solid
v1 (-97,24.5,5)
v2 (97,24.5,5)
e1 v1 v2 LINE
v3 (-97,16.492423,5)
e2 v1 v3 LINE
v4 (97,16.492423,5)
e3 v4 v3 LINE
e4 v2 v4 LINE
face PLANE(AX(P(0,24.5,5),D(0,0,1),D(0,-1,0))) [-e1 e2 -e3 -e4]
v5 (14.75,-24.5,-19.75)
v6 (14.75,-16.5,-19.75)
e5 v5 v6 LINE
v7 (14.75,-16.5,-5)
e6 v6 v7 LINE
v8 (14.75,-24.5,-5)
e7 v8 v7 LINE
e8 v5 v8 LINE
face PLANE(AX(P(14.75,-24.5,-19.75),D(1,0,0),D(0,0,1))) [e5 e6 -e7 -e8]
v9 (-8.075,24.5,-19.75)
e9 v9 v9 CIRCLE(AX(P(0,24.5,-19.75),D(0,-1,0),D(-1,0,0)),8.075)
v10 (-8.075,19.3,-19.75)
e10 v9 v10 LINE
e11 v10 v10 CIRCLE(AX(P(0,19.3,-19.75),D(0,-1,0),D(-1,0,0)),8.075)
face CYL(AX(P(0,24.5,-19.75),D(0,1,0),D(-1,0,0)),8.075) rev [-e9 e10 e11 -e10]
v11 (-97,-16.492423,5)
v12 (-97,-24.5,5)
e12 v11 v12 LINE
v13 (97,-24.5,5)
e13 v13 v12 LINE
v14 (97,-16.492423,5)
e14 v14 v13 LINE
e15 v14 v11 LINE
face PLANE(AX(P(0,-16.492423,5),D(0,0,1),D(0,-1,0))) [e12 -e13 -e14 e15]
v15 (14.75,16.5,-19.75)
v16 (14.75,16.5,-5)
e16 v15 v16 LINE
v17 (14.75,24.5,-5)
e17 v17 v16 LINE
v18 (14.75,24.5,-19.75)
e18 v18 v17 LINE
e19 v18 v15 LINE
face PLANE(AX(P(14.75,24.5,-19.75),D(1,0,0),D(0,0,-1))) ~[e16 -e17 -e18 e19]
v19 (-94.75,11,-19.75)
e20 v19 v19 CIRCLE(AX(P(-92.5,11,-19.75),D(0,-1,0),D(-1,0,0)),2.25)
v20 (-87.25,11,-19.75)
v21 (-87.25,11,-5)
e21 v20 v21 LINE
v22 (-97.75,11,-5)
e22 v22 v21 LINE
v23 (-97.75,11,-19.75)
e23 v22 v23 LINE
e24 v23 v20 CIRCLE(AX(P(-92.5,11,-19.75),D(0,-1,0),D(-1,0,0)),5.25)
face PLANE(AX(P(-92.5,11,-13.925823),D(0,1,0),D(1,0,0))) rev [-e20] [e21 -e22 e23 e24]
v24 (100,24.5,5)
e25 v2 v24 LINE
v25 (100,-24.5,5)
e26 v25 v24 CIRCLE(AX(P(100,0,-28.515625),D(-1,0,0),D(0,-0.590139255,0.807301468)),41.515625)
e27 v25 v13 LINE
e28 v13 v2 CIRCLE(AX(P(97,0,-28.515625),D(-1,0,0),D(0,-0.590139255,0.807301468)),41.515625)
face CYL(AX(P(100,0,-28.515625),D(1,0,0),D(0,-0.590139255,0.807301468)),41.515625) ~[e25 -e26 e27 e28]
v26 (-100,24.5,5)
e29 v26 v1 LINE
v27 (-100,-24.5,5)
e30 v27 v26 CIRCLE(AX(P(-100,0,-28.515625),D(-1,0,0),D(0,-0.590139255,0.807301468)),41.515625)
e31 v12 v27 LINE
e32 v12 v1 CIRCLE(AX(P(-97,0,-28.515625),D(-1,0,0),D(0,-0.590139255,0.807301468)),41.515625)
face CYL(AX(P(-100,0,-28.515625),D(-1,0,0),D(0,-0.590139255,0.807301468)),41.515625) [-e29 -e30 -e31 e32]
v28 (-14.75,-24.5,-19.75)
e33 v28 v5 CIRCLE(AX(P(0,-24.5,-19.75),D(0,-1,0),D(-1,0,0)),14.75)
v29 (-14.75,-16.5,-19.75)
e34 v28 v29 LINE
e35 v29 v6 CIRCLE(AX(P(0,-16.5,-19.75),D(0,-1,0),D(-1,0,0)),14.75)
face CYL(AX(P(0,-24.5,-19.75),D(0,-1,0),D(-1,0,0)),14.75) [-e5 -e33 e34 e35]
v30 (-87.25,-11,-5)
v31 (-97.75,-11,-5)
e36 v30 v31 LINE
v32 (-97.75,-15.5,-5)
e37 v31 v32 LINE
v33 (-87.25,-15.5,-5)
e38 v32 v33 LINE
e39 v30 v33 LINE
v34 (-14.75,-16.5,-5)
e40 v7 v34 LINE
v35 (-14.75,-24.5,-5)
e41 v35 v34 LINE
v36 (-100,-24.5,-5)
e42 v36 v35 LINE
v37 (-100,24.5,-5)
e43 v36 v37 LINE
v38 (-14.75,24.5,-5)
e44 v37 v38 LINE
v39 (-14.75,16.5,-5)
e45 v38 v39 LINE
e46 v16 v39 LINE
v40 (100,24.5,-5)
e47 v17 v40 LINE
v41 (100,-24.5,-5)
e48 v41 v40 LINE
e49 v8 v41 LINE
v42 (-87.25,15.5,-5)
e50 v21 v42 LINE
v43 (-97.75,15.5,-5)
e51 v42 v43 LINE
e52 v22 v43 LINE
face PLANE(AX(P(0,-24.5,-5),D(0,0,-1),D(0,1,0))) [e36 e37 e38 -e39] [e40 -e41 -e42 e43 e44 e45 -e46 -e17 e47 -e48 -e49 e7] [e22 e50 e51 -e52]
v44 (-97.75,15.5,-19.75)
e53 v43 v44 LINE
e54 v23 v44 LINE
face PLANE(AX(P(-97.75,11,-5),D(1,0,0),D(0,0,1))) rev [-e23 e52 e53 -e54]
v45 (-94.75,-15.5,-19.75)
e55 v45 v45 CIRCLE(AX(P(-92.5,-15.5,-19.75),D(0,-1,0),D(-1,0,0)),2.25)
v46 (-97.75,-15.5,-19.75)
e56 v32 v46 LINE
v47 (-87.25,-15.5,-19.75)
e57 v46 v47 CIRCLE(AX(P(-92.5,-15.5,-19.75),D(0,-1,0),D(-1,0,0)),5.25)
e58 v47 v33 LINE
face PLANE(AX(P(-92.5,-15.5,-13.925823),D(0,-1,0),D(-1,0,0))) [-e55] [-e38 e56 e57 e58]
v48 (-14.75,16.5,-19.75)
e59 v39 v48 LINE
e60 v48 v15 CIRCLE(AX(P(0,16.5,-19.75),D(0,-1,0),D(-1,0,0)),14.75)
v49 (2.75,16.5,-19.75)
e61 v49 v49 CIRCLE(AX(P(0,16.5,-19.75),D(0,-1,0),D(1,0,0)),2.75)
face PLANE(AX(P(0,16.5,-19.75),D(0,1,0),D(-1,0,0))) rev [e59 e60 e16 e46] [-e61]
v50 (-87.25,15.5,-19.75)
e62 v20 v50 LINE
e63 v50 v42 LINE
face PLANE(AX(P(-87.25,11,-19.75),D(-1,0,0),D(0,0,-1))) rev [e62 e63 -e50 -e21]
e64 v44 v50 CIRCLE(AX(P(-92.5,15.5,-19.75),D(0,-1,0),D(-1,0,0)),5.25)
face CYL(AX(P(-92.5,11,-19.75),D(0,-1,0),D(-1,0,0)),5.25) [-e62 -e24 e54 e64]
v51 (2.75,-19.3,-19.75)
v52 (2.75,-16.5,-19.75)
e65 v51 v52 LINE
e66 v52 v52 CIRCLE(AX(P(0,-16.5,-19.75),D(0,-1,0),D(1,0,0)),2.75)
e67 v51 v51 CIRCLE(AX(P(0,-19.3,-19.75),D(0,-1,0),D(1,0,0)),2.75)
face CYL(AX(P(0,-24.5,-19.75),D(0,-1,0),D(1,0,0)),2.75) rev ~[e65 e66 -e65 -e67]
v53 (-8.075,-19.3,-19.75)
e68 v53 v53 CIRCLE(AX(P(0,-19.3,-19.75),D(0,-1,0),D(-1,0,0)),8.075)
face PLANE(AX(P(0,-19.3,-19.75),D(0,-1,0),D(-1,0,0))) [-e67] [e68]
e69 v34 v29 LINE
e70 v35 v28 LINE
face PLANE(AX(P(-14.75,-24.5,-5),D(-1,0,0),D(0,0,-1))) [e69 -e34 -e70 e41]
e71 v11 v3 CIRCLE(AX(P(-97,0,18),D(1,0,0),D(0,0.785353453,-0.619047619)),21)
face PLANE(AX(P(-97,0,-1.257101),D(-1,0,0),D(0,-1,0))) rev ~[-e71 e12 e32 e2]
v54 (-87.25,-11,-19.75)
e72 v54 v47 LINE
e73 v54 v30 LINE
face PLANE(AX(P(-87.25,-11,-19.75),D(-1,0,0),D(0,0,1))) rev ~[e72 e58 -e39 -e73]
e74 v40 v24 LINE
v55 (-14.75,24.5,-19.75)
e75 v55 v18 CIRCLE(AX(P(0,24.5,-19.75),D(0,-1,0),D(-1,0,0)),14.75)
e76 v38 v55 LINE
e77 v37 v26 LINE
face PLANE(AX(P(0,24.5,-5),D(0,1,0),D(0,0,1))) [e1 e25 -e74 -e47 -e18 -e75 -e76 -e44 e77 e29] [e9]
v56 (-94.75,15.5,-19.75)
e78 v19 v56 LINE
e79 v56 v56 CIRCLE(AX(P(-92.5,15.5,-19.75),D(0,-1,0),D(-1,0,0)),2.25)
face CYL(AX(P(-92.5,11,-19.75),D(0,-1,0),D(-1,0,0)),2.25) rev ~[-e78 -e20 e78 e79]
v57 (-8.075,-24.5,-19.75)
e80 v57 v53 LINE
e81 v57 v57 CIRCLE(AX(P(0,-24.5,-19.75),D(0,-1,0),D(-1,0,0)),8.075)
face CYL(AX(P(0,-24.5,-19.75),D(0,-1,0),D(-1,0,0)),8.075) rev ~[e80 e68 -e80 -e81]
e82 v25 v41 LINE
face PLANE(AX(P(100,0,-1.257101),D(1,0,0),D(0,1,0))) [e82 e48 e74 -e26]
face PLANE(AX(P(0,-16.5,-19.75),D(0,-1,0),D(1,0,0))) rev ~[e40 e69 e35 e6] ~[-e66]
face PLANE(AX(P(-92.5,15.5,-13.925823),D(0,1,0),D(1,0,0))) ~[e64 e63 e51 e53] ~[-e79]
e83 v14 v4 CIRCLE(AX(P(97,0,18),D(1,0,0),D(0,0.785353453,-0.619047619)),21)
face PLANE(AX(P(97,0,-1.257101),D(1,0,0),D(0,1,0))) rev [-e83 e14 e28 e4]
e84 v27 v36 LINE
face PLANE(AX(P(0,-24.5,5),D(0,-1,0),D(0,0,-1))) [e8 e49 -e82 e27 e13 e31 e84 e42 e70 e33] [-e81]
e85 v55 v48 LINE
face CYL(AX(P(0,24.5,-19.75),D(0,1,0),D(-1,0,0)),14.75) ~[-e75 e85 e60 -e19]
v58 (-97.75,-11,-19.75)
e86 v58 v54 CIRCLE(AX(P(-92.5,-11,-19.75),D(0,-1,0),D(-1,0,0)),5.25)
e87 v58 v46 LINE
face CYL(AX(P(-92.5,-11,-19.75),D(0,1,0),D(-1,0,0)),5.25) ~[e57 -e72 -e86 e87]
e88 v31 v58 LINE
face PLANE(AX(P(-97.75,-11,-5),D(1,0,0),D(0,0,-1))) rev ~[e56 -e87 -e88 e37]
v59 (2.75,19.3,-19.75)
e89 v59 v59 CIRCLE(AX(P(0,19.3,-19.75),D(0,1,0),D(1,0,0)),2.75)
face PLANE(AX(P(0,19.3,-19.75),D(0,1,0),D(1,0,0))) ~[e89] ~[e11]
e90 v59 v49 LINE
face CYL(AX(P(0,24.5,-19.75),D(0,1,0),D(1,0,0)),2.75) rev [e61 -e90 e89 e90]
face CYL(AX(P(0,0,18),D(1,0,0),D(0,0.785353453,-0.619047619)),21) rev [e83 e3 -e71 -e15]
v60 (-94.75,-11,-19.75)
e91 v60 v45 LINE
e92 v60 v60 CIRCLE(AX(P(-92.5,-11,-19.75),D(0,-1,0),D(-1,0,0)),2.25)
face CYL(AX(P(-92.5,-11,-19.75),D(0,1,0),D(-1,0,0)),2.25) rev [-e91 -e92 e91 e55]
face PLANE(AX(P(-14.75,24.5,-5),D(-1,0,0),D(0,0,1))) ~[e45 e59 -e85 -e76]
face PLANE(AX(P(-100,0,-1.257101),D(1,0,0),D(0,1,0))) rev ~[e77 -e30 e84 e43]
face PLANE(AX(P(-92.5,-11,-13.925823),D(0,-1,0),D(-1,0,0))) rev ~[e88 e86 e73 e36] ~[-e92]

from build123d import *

# Parameters (mm, degrees)
BOSS_EXTRUDE1_DEPTH = 100
SKETCH3_R           = 14.75
SKETCH3_R_2         = 2.75
BOSS_EXTRUDE2_DEPTH = 8
SKETCH4_R           = 8.075
CUT_EXTRUDE1_DEPTH  = 5.2
BOSS_EXTRUDE5_START = 11
SKETCH6_R           = 2.25
BOSS_EXTRUDE5_DEPTH = 4.5
BOSS_EXTRUDE6_DEPTH = 3


with BuildPart() as part:
    # Sketch1 → Boss-Extrude1 (new body, symmetric)
    with BuildSketch(Plane.YZ):
        with BuildLine():
            Line((-24.5, 5), (-24.5, -5))
            Line((-24.5, -5), (24.5, -5))
            Line((24.5, -5), (24.5, 5))
            Line((24.5, 5), (16.492422502, 5))
            ThreePointArc((16.492422502, 5), (0, -3), (-16.492422502, 5))
            Line((-16.492422502, 5), (-24.5, 5))
        make_face()
    extrude(amount=BOSS_EXTRUDE1_DEPTH, both=True)

    # Sketch3 → Boss-Extrude2 (add)
    with BuildSketch(Plane.XZ.offset(24.5)):
        with Locations((0, -19.75)):
            Circle(SKETCH3_R)
        with Locations((0, -19.75)):
            Circle(SKETCH3_R_2, mode=Mode.SUBTRACT)
        with BuildLine():
            Line((-14.75, -5), (-14.75, -19.75))
            ThreePointArc((-14.75, -19.75), (-10.429825021, -9.320174976), (5e-09, -5))
            Line((5e-09, -5), (-14.75, -5))
        make_face()
        with BuildLine():
            ThreePointArc((5e-09, -5), (10.429825024, -9.320174979), (14.75, -19.75))
            Line((14.75, -19.75), (14.75, -5))
            Line((14.75, -5), (5e-09, -5))
        make_face()
    boss_extrude2 = extrude(amount=-BOSS_EXTRUDE2_DEPTH)

    # Sketch4 → Cut-Extrude1 (cut)
    with BuildSketch(Plane(origin=(0, -24.5, 0), x_dir=(-1, 0, 0), z_dir=(0, -1, 0))):
        with Locations((0, 19.75)):
            Circle(SKETCH4_R)
    cut_extrude1 = extrude(amount=-CUT_EXTRUDE1_DEPTH, mode=Mode.SUBTRACT)

    # Mirror1: Boss-Extrude2, Cut-Extrude1 across plane
    add(boss_extrude2.mirror(Plane(origin=(0, 0, 0), x_dir=(0, 0, 1), z_dir=(0, -1, 0))))
    add(cut_extrude1.mirror(Plane(origin=(0, 0, 0), x_dir=(0, 0, 1), z_dir=(0, -1, 0))), mode=Mode.SUBTRACT)

    # Sketch6 → Boss-Extrude5 (add)
    with BuildSketch(Plane(origin=(0, 0, 0), x_dir=(-1, 0, 0), z_dir=(0, -1, 0)).offset(BOSS_EXTRUDE5_START)):
        with BuildLine():
            Line((87.25, 19.75), (87.25, 5))
            Line((87.25, 5), (97.75, 5))
            Line((97.75, 5), (97.75, 19.75))
            ThreePointArc((97.75, 19.75), (92.5, 25), (87.25, 19.75))
        make_face()
        with Locations((92.5, 19.75)):
            Circle(SKETCH6_R, mode=Mode.SUBTRACT)
    boss_extrude5 = extrude(amount=BOSS_EXTRUDE5_DEPTH)

    # Mirror2: Boss-Extrude5 across plane
    add(boss_extrude5.mirror(Plane(origin=(0, 0, 0), x_dir=(0, 0, 1), z_dir=(0, -1, 0))))

    # Sketch7 → Boss-Extrude6 (add)
    with BuildSketch(Plane(origin=(-100, 0, 0), x_dir=(0, -1, 0), z_dir=(-1, 0, 0))):
        with BuildLine():
            Line((24.5, 5), (16.492422502, 5))
            ThreePointArc((16.492422502, 5), (0, -3), (-16.492422502, 5))
            Line((-16.492422502, 5), (-24.5, 5))
            Line((-24.5, 5), (-24.5, -5))
            Line((-24.5, -5), (24.5, -5))
            Line((24.5, -5), (24.5, 5))
        make_face()
        with BuildLine():
            Line((-16.492422502, 5), (16.492422502, 5))
            ThreePointArc((16.492422502, 5), (0, -3), (-16.492422502, 5))
        make_face()
        with BuildLine():
            ThreePointArc((24.5, 5), (0, 13), (-24.5, 5))
            Line((-24.5, 5), (-16.492422502, 5))
            Line((-16.492422502, 5), (16.492422502, 5))
            Line((16.492422502, 5), (24.5, 5))
        make_face()
    boss_extrude6 = extrude(amount=-BOSS_EXTRUDE6_DEPTH)

    # Mirror3: Boss-Extrude6 across plane
    add(boss_extrude6.mirror(Plane(origin=(0, 0, 0), x_dir=(0, 0, 1), z_dir=(1, 0, 0))))


solid = part.part
